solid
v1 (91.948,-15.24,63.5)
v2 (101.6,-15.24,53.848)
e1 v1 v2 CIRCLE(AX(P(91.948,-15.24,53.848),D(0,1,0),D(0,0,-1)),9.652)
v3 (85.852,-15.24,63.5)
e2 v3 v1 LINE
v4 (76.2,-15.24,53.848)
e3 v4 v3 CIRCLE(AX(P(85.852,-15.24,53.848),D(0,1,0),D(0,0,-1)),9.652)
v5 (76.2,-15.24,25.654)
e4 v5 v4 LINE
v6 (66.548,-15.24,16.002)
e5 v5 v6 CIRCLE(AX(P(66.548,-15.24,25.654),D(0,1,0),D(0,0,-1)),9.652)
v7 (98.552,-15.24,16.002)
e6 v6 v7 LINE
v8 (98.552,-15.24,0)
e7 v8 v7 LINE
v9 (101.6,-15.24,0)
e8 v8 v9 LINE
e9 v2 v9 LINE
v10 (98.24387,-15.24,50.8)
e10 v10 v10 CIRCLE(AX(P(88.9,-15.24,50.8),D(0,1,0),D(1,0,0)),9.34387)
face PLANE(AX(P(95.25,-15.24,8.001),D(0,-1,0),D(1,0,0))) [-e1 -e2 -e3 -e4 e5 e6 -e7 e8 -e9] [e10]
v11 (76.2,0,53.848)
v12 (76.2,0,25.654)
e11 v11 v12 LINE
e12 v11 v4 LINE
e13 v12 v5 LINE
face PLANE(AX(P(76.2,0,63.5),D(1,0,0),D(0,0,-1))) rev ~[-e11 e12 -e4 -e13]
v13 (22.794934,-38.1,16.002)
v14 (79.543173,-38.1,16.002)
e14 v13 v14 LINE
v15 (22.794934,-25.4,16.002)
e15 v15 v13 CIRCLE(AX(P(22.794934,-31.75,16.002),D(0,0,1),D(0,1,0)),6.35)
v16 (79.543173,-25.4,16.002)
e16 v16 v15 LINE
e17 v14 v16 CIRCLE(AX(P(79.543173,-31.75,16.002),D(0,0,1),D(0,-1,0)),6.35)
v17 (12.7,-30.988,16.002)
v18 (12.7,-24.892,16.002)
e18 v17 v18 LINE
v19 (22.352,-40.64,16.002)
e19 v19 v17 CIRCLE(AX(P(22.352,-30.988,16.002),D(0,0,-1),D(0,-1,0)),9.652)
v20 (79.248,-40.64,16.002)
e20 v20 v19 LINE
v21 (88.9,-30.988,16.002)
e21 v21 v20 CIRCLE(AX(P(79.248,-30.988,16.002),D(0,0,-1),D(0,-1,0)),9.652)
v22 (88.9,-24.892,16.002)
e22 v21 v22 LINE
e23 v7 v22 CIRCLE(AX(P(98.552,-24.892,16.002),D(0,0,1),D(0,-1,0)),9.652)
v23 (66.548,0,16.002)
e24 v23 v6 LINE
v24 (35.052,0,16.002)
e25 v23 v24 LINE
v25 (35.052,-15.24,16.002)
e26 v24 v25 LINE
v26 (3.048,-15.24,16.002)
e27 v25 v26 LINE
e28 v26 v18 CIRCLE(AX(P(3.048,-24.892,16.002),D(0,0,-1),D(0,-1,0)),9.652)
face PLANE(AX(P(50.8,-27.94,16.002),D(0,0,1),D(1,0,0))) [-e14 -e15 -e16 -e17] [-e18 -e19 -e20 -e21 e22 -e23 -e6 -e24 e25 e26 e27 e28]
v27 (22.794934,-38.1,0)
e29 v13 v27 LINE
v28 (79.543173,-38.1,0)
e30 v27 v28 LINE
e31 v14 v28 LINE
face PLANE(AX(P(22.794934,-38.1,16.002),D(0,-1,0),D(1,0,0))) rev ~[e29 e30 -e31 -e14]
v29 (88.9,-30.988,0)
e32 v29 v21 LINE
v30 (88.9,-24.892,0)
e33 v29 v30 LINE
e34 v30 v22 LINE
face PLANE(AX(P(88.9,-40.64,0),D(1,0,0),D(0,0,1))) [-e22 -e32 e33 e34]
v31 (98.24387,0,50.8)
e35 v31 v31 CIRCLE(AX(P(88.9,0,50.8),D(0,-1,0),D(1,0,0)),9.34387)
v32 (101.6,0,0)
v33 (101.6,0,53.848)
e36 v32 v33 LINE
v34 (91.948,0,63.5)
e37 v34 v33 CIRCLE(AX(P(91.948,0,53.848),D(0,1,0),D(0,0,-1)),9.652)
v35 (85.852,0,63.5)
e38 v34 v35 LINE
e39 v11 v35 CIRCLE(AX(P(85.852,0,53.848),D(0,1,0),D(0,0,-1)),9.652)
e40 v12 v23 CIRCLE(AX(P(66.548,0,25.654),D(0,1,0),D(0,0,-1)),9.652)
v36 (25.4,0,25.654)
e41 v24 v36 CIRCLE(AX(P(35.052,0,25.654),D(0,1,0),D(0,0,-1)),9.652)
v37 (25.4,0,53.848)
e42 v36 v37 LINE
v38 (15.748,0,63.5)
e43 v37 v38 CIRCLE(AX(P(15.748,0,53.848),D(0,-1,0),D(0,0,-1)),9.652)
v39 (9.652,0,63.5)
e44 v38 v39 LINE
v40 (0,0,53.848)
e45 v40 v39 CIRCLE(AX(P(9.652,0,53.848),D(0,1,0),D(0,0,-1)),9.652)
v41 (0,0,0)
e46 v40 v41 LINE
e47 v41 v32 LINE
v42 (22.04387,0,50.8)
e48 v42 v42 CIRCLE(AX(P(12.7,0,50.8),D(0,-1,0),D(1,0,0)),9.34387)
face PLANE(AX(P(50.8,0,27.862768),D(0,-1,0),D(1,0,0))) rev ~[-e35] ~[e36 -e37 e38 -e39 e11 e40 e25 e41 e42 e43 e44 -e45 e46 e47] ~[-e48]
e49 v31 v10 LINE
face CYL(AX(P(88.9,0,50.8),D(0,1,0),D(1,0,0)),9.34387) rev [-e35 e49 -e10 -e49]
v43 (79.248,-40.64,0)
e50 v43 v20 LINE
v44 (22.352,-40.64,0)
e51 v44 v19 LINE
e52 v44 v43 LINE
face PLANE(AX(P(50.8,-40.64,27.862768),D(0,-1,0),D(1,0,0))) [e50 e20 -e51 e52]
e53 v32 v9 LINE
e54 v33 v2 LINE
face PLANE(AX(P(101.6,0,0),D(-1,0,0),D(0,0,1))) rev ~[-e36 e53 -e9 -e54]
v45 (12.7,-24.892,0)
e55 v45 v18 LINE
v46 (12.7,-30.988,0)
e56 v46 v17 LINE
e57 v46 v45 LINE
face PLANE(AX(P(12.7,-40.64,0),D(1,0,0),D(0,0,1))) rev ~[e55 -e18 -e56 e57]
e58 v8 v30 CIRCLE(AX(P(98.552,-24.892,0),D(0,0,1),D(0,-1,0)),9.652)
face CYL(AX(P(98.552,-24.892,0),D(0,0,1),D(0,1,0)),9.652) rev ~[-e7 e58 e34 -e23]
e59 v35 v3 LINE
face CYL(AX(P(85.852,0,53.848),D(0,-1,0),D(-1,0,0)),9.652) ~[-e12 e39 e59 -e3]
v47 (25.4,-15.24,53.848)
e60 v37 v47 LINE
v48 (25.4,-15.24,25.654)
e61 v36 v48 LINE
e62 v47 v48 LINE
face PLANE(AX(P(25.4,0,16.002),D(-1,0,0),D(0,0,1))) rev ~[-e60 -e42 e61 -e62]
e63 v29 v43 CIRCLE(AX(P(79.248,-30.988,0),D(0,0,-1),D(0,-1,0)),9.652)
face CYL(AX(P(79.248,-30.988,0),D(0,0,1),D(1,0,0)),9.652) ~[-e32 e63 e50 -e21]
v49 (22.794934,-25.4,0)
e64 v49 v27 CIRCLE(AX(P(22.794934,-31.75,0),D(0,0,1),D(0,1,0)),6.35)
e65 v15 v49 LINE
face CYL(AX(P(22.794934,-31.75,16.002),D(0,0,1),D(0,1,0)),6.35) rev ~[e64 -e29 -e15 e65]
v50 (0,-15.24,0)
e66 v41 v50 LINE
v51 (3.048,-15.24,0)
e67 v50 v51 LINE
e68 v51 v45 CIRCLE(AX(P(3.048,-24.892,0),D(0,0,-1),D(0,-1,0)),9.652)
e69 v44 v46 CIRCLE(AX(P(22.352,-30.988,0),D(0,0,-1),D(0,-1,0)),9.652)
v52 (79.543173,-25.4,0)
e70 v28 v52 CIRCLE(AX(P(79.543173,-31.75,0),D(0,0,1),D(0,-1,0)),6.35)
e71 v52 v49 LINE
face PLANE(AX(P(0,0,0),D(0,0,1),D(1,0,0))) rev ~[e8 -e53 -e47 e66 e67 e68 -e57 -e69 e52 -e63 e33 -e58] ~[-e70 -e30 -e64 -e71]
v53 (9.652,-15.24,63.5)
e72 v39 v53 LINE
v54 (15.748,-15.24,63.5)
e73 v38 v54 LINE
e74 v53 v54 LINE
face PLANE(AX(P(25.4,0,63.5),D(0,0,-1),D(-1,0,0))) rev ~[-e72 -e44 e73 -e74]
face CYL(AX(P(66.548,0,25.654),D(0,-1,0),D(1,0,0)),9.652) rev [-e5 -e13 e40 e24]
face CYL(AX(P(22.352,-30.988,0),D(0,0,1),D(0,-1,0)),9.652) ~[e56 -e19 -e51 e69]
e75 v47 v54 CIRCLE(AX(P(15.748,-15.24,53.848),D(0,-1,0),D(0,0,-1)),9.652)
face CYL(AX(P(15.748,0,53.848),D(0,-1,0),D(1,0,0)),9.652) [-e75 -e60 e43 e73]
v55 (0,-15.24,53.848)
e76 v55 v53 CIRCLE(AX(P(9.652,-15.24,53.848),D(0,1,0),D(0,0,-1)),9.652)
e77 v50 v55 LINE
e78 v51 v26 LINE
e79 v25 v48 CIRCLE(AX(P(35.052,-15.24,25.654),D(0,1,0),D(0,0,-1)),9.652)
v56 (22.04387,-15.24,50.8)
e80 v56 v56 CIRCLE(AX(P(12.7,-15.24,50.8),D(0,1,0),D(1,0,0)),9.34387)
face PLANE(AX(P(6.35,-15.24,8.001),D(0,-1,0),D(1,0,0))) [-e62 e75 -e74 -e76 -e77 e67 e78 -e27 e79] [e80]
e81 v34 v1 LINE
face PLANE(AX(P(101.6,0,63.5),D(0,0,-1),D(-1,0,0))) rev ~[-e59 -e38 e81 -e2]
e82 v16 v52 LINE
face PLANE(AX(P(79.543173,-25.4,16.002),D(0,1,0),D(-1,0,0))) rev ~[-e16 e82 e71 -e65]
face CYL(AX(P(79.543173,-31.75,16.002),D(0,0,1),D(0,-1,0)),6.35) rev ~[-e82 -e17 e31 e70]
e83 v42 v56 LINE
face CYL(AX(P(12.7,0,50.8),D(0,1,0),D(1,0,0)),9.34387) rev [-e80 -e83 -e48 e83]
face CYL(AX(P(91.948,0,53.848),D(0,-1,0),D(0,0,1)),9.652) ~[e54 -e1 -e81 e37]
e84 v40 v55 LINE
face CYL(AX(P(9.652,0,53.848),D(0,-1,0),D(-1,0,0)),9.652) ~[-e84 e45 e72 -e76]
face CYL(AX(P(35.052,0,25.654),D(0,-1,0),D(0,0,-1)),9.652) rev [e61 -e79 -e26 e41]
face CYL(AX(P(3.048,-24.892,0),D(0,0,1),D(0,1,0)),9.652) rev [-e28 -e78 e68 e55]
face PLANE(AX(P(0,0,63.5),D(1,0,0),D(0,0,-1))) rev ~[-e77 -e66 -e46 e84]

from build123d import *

# Parameters (mm, degrees)
F2_DEPTH  = 40.64
F1_R      = 9.3438702408
F3_DEPTH  = 40.641
F5_START  = 16.002
F4_W      = 101.6
F4_H      = 25.4
F5_DEPTH  = 47.499
F6_W      = 12.7
F6_H      = 16.002
F7_DEPTH  = 25.4
F8_R      = 9.652
F9_R      = 9.652
F11_DEPTH = 16.003
F12_R     = 9.652


with BuildPart() as f2:
    # F0 (on Front) → F2 (new body)
    with BuildSketch(Plane.XZ):
        Polygon((0, 63.5), (0, 0), (101.6, 0), (101.6, 63.5), (76.2, 63.5), (76.2, 16.002), (25.4, 16.002), (25.4, 63.5), align=None)
    extrude(amount=F2_DEPTH)

    # F1 (on face) → F3 (cut, through all)
    with BuildSketch(Plane.XZ):
        with Locations((12.7, 50.8)):
            Circle(F1_R)
        with Locations((88.9, 50.8)):
            Circle(F1_R)
    extrude(amount=F3_DEPTH, mode=Mode.SUBTRACT)

    # F4 (on Top) → F5 (cut)
    with BuildSketch(Plane.XY.offset(F5_START)):
        with Locations((50.8, -27.94)):
            Rectangle(F4_W, F4_H)
    extrude(amount=F5_DEPTH, mode=Mode.SUBTRACT)

    # F6 (on face) → F7 (cut)
    with BuildSketch(Plane.XZ.offset(40.64)):
        with Locations((6.35, 8.001)):
            Rectangle(F6_W, F6_H)
        with Locations((95.25, 8.001)):
            Rectangle(F6_W, F6_H)
    extrude(amount=-F7_DEPTH, mode=Mode.SUBTRACT)

    # F8
    f8_edges = [f2.edges().sort_by_distance(p)[0] for p in [
        (25.4, -7.62, 63.5),
        (0, -7.62, 63.5),
        (76.2, -7.62, 63.5),
        (101.6, -7.62, 63.5),
    ]]
    fillet(f8_edges, radius=F8_R)

    # F9
    f9_edges = [f2.edges().sort_by_distance(p)[0] for p in [
        (12.7, -40.64, 8.001),
        (88.9, -40.64, 8.001),
        (12.7, -15.24, 8.001),
        (88.9, -15.24, 8.001),
    ]]
    fillet(f9_edges, radius=F9_R)

    # F10 (on face) → F11 (cut, through all)
    with BuildSketch(Plane.XY.offset(16.002)):
        with BuildLine():
            ThreePointArc((22.7949339896, -25.4), (16.4449339896, -31.75), (22.7949339896, -38.1))
            Line((22.7949339896, -38.1), (79.5431733131, -38.1))
            ThreePointArc((79.5431733131, -38.1), (85.8931733131, -31.75), (79.5431733131, -25.4))
            Line((79.5431733131, -25.4), (22.7949339896, -25.4))
        make_face()
    extrude(amount=-F11_DEPTH, mode=Mode.SUBTRACT)

    # F12
    f12_edges = [f2.edges().sort_by_distance(p)[0] for p in [
        (25.4, -7.62, 16.002),
        (76.2, -7.62, 16.002),
    ]]
    fillet(f12_edges, radius=F12_R)


solid = f2.part
